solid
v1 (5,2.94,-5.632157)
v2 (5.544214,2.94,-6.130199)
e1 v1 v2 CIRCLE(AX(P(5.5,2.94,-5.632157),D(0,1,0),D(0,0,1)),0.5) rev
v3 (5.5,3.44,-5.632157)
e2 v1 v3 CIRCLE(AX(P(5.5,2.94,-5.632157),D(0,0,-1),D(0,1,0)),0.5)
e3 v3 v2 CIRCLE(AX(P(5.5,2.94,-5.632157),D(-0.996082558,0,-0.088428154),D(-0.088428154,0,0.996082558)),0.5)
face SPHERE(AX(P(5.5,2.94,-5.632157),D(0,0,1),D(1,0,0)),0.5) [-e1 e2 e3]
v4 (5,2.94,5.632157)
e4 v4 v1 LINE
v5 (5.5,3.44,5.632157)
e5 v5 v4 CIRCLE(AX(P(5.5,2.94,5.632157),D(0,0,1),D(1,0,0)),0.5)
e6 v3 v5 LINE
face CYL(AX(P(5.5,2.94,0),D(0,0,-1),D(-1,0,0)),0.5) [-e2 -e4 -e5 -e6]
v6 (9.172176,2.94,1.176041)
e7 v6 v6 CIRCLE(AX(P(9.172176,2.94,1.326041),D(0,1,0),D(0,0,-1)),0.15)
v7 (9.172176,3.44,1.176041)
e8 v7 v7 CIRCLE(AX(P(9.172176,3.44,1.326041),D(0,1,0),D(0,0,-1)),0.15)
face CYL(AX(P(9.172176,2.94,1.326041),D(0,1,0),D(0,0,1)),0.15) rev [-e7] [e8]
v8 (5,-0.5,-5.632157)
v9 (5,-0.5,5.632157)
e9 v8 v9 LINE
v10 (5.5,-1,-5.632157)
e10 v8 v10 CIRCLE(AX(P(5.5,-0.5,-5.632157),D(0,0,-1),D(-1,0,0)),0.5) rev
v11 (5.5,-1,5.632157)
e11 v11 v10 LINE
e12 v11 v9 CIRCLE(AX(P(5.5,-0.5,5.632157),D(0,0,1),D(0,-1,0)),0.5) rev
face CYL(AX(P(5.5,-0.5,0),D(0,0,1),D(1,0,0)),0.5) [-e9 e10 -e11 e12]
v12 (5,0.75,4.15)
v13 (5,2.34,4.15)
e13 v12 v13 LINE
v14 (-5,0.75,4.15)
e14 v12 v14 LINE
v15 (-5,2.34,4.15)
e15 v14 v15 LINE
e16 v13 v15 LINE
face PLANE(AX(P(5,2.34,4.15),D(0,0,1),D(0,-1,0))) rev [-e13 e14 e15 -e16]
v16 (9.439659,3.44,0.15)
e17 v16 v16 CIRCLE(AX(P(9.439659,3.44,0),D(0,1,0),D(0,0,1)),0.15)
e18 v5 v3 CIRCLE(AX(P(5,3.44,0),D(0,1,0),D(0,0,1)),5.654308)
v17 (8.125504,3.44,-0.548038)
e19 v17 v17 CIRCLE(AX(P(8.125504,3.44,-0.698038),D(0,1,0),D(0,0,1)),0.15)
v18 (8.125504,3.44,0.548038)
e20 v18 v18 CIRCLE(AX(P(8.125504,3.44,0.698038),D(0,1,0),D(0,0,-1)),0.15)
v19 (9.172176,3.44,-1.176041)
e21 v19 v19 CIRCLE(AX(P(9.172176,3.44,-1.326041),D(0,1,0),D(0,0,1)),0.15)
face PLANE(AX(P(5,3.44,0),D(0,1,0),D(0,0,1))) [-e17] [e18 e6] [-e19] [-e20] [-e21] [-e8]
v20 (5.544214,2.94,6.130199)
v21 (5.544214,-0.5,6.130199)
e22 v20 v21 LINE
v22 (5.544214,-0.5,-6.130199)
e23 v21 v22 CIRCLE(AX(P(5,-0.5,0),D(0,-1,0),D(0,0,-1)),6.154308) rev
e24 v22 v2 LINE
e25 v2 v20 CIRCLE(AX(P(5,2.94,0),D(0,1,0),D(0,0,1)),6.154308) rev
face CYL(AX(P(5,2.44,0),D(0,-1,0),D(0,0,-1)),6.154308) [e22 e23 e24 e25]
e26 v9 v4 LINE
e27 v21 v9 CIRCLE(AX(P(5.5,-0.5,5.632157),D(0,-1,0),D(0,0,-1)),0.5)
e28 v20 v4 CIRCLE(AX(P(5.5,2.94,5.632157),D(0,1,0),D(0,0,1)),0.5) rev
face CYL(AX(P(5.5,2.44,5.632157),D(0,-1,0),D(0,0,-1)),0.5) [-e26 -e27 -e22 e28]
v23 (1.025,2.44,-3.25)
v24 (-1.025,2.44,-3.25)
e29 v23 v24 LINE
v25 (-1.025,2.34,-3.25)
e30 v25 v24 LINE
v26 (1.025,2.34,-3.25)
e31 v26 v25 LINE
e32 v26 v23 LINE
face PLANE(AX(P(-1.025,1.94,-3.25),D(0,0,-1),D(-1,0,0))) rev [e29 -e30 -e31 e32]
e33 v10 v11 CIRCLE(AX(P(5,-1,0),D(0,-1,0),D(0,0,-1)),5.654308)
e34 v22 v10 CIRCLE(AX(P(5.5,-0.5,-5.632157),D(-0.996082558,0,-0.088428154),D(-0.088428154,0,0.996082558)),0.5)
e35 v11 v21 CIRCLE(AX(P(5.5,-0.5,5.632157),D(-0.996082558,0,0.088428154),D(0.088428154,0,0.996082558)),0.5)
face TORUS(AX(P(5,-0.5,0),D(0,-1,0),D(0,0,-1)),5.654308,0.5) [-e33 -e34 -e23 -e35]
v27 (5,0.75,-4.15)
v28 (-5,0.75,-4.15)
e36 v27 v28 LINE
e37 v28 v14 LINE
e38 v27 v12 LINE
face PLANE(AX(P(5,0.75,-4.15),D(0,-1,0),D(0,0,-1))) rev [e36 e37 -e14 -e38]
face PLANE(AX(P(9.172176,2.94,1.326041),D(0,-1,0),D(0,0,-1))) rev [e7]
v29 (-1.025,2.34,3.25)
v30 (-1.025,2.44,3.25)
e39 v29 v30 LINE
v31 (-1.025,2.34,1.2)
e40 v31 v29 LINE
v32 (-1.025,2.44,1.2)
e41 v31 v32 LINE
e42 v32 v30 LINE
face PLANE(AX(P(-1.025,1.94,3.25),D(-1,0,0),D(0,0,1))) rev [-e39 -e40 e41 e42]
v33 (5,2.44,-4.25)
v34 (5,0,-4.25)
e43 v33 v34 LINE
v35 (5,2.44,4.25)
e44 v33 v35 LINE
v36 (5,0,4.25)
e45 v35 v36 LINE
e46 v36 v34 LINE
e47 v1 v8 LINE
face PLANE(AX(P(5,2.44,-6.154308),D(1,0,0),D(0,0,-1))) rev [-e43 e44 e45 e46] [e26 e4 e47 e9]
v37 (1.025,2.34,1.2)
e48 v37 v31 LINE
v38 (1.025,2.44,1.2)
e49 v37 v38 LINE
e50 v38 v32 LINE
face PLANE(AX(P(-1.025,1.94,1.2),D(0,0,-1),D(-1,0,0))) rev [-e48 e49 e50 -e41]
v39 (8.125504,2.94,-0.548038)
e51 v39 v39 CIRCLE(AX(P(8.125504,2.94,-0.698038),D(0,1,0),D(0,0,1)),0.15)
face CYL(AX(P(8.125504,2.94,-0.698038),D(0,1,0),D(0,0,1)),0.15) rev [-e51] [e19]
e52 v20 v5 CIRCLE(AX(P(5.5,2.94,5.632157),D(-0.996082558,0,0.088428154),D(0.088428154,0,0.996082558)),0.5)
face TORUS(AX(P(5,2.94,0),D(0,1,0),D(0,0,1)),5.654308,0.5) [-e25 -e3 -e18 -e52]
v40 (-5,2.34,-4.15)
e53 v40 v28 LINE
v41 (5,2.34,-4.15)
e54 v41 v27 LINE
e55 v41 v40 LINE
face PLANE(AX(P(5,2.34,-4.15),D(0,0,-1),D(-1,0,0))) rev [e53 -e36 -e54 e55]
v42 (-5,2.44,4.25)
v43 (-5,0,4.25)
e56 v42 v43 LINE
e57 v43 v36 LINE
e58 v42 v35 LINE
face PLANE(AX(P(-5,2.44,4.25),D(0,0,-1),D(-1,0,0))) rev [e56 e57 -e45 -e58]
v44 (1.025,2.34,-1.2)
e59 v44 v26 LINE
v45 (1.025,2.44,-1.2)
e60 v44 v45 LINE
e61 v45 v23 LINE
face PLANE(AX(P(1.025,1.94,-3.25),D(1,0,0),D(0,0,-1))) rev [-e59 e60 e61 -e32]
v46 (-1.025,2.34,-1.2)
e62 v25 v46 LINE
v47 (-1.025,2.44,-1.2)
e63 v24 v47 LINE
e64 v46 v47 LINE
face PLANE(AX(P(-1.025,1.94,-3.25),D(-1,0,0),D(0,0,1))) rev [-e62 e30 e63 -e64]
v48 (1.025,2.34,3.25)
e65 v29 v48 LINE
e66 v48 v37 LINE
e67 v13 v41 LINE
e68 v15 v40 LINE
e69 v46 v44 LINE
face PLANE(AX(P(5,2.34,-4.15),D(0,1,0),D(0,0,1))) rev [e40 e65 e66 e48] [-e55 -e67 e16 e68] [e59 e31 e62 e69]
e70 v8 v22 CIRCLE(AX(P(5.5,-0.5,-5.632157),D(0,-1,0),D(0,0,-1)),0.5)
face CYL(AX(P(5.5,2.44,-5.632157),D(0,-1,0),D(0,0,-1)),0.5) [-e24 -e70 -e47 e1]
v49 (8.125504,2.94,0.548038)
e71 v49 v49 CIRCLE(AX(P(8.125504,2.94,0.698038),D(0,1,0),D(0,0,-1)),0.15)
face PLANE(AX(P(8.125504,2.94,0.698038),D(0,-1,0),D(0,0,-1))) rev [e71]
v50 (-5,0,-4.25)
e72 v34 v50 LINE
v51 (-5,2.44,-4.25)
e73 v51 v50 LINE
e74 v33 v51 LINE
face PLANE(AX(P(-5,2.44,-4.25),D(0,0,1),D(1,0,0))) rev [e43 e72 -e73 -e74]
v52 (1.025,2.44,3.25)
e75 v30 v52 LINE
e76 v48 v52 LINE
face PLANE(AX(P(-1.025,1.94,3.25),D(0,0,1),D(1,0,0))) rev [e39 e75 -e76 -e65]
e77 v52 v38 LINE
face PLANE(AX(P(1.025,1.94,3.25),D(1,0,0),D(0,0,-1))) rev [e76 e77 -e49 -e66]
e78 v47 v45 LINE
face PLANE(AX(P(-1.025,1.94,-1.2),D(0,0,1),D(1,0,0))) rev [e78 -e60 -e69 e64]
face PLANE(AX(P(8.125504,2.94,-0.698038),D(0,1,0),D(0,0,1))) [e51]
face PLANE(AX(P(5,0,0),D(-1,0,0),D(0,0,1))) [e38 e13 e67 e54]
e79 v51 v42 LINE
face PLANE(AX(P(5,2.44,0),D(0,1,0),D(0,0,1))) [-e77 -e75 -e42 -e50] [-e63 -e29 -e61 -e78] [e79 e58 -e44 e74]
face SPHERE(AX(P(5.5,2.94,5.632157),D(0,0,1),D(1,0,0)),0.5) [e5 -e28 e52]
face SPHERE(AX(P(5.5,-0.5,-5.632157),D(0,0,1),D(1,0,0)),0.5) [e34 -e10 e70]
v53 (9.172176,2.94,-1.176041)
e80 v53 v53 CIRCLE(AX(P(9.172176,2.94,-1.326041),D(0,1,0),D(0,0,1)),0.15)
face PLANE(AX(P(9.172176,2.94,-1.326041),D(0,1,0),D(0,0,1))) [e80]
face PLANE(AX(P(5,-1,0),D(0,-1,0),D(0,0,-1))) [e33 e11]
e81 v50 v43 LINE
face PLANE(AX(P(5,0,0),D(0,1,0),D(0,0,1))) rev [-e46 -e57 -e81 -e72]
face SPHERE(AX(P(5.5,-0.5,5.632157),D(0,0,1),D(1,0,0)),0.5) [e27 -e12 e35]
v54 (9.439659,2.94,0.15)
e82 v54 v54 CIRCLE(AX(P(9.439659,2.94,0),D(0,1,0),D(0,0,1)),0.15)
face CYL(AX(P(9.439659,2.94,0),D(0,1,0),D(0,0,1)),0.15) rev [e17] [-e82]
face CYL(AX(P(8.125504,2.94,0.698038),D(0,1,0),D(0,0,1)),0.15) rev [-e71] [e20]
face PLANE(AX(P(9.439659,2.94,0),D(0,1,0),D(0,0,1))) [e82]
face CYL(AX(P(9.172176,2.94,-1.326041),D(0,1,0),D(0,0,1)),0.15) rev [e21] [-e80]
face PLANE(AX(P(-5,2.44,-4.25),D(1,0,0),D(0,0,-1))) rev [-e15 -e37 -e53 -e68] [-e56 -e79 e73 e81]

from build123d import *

# Parameters (mm, degrees)
BOSS_EXTRUDE1_DEPTH = 2.44
BOSS_EXTRUDE2_DEPTH = 1
BOSS_EXTRUDE3_START = 1
BOSS_EXTRUDE3_DEPTH = 1
SKETCH4_W           = 8.3
SKETCH4_H           = 1.59
CUT_EXTRUDE1_DEPTH  = 10
FILLET1_R           = 0.5
SKETCH5_R           = 0.15
CUT_EXTRUDE2_DEPTH  = 0.5
SKETCH6_W           = 2.05
SKETCH6_H           = 2.05
CUT_EXTRUDE3_DEPTH  = 0.5


with BuildPart() as part:
    # Sketch1 → Boss-Extrude1 (new body)
    with BuildSketch(Plane(origin=(0, 0, 0), x_dir=(1, 0, 0), z_dir=(0, 1, 0))):
        with BuildLine():
            Line((5, 6.154307787), (5, 4.25))
            Line((5, 4.25), (-5, 4.25))
            Line((-5, 4.25), (-5, -4.25))
            Line((-5, -4.25), (5, -4.25))
            Line((5, -4.25), (5, -6.154307787))
            ThreePointArc((5, -6.154307787), (11.154307787, 0), (5, 6.154307787))
        make_face()
    extrude(amount=BOSS_EXTRUDE1_DEPTH)

    # Sketch2 → Boss-Extrude2 (add)
    with BuildSketch(Plane(origin=(0, 2.44, 0), x_dir=(1, 0, 0), z_dir=(0, 1, 0))):
        with BuildLine():
            Line((5, 6.154307787), (5, -6.154307787))
            ThreePointArc((5, -6.154307787), (11.154307787, 0), (5, 6.154307787))
        make_face()
    extrude(amount=BOSS_EXTRUDE2_DEPTH)

    # Sketch3 → Boss-Extrude3 (add)
    with BuildSketch(Plane.XZ.offset(BOSS_EXTRUDE3_START)):
        with BuildLine():
            Line((5, 6.154307787), (5, -6.154307787))
            ThreePointArc((5, -6.154307787), (11.154307787, 0), (5, 6.154307787))
        make_face()
    extrude(amount=-BOSS_EXTRUDE3_DEPTH)

    # Sketch4 → Cut-Extrude1 (cut)
    with BuildSketch(Plane.ZY.offset(5)):
        with Locations((0, 1.545)):
            Rectangle(SKETCH4_W, SKETCH4_H)
    extrude(amount=-CUT_EXTRUDE1_DEPTH, mode=Mode.SUBTRACT)

    # Fillet1
    fillet1_edges = [part.edges().sort_by_distance(p)[0] for p in [
        (5, 1.22, -6.154307787),
        (5, 1.22, 6.154307787),
        (11.154307787, 3.44, 0),
        (5, 3.44, 0),
        (11.154307787, -1, 0),
        (5, -1, 0),
    ]]
    fillet(fillet1_edges, radius=FILLET1_R)

    # Sketch5 → Cut-Extrude2 (cut)
    with BuildSketch(Plane(origin=(0, 3.44, 0), x_dir=(1, 0, 0), z_dir=(0, 1, 0))):
        with Locations(Location((9.172175781, 1.326041416, 0), (0, 0, 270))):
            Circle(SKETCH5_R)
        with Locations(Location((8.125504079, 0.698038394, 0), (0, 0, 270))):
            Circle(SKETCH5_R)
        with Locations(Location((9.439658549, 0, 0), (0, 0, 270))):
            Circle(SKETCH5_R)
        with Locations(Location((9.172175781, -1.326041416, 0), (0, 0, 90))):
            Circle(SKETCH5_R)
        with Locations(Location((8.125504079, -0.698038394, 0), (0, 0, 90))):
            Circle(SKETCH5_R)
    extrude(amount=-CUT_EXTRUDE2_DEPTH, mode=Mode.SUBTRACT)

    # Sketch6 → Cut-Extrude3 (cut)
    with BuildSketch(Plane(origin=(0, 2.44, 0), x_dir=(1, 0, 0), z_dir=(0, 1, 0))):
        with Locations((0, -2.225)):
            Rectangle(SKETCH6_W, SKETCH6_H)
        with Locations((0, 2.225)):
            Rectangle(SKETCH6_W, SKETCH6_H)
    extrude(amount=-CUT_EXTRUDE3_DEPTH, mode=Mode.SUBTRACT)


solid = part.part
